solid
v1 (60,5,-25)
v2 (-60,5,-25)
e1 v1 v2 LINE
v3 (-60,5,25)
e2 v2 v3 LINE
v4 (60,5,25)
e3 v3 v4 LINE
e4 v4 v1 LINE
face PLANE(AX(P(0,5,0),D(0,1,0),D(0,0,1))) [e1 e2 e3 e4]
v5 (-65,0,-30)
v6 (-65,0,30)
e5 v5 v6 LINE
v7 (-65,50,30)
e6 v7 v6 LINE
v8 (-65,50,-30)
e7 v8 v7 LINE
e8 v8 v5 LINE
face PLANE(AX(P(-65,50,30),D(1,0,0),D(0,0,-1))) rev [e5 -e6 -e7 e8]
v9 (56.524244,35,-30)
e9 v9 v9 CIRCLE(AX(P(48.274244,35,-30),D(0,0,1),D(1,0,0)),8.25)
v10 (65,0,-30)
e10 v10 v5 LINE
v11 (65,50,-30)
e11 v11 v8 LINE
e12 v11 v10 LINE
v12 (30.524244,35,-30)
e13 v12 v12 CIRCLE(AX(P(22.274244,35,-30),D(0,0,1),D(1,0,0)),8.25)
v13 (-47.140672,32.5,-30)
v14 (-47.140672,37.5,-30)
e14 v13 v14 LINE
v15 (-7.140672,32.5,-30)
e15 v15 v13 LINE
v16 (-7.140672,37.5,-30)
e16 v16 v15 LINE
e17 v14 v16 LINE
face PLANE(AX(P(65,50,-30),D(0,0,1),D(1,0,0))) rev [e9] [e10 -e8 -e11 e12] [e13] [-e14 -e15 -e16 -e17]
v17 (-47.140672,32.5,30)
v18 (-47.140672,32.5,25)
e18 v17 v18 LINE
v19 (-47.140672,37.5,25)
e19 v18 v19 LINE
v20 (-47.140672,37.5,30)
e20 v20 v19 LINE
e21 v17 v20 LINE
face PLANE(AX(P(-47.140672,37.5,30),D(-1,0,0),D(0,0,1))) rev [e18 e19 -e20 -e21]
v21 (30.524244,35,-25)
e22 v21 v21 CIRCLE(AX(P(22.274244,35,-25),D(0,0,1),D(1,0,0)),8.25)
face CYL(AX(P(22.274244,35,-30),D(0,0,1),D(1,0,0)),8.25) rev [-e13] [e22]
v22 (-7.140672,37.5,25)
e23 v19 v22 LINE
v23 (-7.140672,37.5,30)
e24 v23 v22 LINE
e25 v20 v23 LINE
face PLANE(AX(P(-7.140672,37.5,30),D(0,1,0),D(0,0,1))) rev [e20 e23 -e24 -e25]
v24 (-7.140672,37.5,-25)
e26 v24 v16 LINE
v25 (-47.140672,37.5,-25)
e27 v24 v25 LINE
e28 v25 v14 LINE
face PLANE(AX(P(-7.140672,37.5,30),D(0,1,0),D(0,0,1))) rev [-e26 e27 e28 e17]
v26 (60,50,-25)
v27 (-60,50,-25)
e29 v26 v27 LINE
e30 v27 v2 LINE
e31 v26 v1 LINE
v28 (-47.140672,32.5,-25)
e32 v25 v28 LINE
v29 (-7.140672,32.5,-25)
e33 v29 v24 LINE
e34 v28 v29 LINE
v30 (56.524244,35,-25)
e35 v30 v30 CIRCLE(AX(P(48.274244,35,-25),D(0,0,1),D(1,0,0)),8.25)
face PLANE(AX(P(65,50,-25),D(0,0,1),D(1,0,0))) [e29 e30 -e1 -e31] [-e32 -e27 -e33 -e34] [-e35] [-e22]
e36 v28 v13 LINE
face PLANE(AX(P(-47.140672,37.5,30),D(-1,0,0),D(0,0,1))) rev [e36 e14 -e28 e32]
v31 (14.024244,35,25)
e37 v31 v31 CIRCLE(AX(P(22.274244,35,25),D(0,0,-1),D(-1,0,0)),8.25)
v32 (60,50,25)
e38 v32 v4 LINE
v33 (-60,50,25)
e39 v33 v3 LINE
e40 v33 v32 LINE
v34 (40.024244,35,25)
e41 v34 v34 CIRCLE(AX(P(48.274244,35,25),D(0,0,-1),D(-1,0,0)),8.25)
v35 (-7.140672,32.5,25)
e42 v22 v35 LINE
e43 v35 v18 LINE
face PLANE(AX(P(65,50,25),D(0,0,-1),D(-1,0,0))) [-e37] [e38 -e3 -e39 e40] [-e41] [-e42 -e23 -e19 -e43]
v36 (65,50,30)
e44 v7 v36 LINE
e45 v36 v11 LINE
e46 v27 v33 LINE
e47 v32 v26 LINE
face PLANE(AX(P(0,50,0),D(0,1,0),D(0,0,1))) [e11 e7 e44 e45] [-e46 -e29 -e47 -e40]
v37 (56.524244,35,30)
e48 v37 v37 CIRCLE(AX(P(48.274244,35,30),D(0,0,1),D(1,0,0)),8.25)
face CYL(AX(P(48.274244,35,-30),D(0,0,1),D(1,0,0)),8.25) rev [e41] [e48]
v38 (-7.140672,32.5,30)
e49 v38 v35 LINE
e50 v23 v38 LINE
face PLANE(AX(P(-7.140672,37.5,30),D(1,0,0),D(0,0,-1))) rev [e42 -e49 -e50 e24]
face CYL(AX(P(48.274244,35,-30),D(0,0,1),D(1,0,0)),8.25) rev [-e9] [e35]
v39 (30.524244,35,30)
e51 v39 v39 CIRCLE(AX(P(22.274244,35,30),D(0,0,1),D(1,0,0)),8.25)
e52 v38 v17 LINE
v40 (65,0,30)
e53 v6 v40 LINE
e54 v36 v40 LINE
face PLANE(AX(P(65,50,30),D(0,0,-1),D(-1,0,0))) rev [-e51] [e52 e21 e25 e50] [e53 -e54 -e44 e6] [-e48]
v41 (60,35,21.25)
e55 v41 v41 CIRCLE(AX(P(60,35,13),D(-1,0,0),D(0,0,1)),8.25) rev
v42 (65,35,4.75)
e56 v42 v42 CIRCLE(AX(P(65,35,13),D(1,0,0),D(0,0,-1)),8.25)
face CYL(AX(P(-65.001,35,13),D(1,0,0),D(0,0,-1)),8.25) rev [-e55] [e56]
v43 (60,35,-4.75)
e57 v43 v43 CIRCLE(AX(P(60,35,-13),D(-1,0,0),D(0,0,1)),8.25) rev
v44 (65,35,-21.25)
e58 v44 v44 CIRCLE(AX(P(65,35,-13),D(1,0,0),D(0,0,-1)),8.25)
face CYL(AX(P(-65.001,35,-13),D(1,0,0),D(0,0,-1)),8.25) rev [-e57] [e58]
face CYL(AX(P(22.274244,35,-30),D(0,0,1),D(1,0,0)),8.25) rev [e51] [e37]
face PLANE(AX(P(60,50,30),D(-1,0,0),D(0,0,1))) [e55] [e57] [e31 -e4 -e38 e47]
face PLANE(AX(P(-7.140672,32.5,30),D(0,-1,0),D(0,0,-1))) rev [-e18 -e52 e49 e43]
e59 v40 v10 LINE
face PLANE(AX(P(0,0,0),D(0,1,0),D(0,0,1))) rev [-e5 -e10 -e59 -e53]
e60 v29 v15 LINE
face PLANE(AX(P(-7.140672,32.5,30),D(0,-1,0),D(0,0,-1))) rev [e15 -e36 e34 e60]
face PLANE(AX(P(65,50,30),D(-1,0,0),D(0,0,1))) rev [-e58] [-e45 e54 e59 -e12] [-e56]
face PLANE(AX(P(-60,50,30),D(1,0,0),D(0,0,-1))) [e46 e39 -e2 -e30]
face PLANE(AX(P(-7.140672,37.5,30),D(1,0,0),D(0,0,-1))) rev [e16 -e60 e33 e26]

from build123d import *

# Parameters (mm, degrees)
SKETCH1_W           = 130
SKETCH1_H           = 60
BOSS_EXTRUDE2_DEPTH = 50
SHELL1_T            = -5
CUT_EXTRUDE1_REACH  = 132
SKETCH2_R           = 8.25
SKETCH3_R           = 8.25
CUT_EXTRUDE2_DEPTH  = 61
SKETCH4_W           = 40
SKETCH4_H           = 5
CUT_EXTRUDE3_DEPTH  = 61


with BuildPart() as part:
    # Sketch1 → Boss-Extrude2 (new body)
    with BuildSketch(Plane(origin=(0, 0, 0), x_dir=(1, 0, 0), z_dir=(0, 1, 0))):
        Rectangle(SKETCH1_W, SKETCH1_H)
    extrude(amount=BOSS_EXTRUDE2_DEPTH)

    # Shell1
    shell1_openings = [part.faces().sort_by_distance(p)[0] for p in [
        (0, 50, 0),
    ]]
    offset(amount=SHELL1_T, openings=shell1_openings, kind=Kind.INTERSECTION)

    # Sketch2 → Cut-Extrude1 (cut, up to next)
    with BuildSketch(Plane(origin=(65, 0, 0), x_dir=(0, 0, -1), z_dir=(1, 0, 0)), mode=Mode.PRIVATE) as cut_extrude1_sk1:
        with Locations((-13, 35)):
            Circle(SKETCH2_R)
    cut_extrude1_tool1 = extrude(cut_extrude1_sk1.sketch, amount=-CUT_EXTRUDE1_REACH, mode=Mode.PRIVATE) & part.part
    add(cut_extrude1_tool1.solids().sort_by_distance((65, 35, 13))[0], mode=Mode.SUBTRACT)
    # Sketch2 → Cut-Extrude1 (cut, up to next)
    with BuildSketch(Plane(origin=(65, 0, 0), x_dir=(0, 0, -1), z_dir=(1, 0, 0)), mode=Mode.PRIVATE) as cut_extrude1_sk2:
        with BuildLine():
            ThreePointArc((21.25, 35), (13, 43.25), (4.75, 35))
            ThreePointArc((4.75, 35), (13, 26.75), (21.25, 35))
        make_face()
    cut_extrude1_tool2 = extrude(cut_extrude1_sk2.sketch, amount=-CUT_EXTRUDE1_REACH, mode=Mode.PRIVATE) & part.part
    add(cut_extrude1_tool2.solids().sort_by_distance((65, 35, -13))[0], mode=Mode.SUBTRACT)

    # Sketch3 → Cut-Extrude2 (cut, through all)
    with BuildSketch(Plane.XY.offset(30)):
        with Locations((22.274243645, 35)):
            Circle(SKETCH3_R)
        with Locations((48.274243645, 35)):
            Circle(SKETCH3_R)
    extrude(amount=-CUT_EXTRUDE2_DEPTH, mode=Mode.SUBTRACT)

    # Sketch4 → Cut-Extrude3 (cut, through all)
    with BuildSketch(Plane(origin=(0, 0, -30), x_dir=(-1, 0, 0), z_dir=(0, 0, -1))):
        with Locations((27.140672083, 35)):
            Rectangle(SKETCH4_W, SKETCH4_H)
    extrude(amount=-CUT_EXTRUDE3_DEPTH, mode=Mode.SUBTRACT)


solid = part.part
